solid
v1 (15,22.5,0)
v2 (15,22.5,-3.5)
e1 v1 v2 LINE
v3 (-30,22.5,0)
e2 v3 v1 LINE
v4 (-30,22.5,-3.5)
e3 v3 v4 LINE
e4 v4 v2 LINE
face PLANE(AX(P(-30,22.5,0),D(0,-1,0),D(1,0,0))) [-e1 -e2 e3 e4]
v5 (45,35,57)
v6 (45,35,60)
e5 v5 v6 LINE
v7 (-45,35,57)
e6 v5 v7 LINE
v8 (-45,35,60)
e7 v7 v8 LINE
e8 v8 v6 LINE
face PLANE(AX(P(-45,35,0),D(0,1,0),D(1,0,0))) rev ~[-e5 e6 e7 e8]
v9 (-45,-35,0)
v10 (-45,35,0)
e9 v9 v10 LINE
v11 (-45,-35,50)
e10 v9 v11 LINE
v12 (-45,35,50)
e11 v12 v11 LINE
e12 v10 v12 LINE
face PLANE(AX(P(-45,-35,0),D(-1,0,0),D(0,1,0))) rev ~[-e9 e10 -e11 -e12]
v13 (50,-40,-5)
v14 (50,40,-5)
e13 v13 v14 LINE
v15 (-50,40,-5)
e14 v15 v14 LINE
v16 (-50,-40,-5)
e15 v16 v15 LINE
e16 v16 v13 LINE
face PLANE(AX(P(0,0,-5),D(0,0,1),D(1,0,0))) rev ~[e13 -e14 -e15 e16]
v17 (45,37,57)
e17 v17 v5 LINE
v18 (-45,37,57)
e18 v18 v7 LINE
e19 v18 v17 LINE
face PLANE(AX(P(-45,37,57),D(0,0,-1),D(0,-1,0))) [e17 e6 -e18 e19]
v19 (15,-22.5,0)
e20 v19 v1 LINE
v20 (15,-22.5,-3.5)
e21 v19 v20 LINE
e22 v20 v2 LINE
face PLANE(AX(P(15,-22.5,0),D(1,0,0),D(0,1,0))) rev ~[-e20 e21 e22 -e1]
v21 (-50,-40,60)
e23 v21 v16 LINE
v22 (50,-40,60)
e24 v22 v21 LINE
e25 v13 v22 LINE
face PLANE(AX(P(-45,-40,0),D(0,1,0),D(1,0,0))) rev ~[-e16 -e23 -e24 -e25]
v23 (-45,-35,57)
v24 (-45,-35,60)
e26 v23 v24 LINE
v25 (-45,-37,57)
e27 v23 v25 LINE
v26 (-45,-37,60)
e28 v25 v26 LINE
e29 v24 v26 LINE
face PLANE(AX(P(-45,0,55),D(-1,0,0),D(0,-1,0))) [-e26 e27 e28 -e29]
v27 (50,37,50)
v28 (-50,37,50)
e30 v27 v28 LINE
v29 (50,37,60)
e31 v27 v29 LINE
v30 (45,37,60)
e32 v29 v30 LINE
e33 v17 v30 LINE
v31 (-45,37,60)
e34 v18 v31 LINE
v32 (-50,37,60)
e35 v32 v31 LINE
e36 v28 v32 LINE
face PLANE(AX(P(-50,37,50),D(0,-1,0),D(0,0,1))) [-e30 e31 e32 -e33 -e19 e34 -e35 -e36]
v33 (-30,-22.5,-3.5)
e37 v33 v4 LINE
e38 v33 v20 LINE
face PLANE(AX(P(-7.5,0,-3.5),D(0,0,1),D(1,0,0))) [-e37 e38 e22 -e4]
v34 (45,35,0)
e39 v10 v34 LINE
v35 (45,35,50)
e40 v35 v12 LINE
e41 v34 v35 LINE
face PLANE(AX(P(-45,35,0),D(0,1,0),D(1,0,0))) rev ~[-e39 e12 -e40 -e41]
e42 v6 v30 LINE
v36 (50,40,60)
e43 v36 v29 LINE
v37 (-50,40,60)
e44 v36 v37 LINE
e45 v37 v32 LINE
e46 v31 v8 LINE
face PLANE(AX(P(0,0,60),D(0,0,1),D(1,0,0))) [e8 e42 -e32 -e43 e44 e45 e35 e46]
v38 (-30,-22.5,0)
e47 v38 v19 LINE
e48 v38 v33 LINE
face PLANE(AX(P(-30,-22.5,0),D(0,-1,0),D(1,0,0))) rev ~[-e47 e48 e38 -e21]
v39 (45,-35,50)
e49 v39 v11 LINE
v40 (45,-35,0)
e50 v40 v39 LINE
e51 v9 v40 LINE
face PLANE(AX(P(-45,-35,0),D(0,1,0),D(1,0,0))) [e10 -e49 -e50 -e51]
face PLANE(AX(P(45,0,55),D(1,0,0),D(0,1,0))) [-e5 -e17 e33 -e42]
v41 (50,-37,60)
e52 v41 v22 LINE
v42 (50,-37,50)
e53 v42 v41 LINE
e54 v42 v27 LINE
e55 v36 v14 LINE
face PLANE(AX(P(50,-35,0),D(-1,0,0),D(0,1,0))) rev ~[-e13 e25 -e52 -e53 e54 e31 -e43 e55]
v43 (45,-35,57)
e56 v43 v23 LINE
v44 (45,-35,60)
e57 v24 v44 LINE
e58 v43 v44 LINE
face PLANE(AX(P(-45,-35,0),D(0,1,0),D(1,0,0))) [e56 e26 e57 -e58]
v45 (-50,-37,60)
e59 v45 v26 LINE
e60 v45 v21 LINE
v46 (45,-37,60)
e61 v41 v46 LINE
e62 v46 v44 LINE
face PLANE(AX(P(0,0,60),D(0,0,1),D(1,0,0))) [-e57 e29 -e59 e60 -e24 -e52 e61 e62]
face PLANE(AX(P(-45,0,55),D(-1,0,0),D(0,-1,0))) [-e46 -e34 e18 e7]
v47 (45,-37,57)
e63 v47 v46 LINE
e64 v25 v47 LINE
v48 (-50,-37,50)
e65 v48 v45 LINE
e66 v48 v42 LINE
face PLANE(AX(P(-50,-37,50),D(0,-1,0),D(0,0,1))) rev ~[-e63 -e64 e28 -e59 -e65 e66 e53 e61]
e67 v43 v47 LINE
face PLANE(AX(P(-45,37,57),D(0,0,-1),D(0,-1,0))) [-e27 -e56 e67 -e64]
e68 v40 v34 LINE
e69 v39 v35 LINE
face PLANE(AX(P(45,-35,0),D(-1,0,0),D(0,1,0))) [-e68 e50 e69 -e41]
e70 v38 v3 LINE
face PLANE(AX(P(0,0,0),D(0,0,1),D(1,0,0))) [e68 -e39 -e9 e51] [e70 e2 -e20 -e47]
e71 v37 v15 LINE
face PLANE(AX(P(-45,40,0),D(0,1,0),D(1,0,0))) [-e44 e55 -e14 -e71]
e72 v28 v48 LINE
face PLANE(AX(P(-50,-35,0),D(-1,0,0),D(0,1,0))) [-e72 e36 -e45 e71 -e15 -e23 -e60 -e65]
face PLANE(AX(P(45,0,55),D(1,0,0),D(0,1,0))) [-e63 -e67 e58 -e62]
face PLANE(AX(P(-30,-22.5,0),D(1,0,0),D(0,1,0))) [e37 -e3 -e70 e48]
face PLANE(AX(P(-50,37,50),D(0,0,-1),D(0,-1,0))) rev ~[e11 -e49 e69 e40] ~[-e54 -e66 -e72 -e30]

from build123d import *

# Parameters (mm, degrees)
SKETCH_W        = 90
SKETCH_H        = 70
PAD_DEPTH       = 60
THICKNESS_T     = 5
SKETCH001_W     = 45
SKETCH001_H     = 45
POCKET_DEPTH    = 3.5
POCKET001_DEPTH = 3.5
SKETCH002_W     = 74
SKETCH002_H     = 10
POCKET002_DEPTH = 5
SKETCH003_W     = 74
SKETCH003_H     = 10
POCKET003_DEPTH = 5
SKETCH004_W     = 74
SKETCH004_H     = 7
POCKET004_DEPTH = 90


with BuildPart() as part:
    # Sketch → Pad (new body)
    with BuildSketch(Plane.XY):
        Rectangle(SKETCH_W, SKETCH_H)
    extrude(amount=PAD_DEPTH)

    # Thickness
    thickness_openings = [part.faces().sort_by_distance(p)[0] for p in [
        (0, 0, 60),
    ]]
    offset(amount=THICKNESS_T, openings=thickness_openings, kind=Kind.INTERSECTION)

    # Sketch001 (on Face5 of Thickness) → Pocket (cut)
    with BuildSketch(Plane.XY):
        with Locations((-7.5, 0)):
            Rectangle(SKETCH001_W, SKETCH001_H)
    extrude(amount=-POCKET_DEPTH, mode=Mode.SUBTRACT)

    # Sketch001 (on Face5 of Thickness) → Pocket001 (cut)
    with BuildSketch(Plane.XY):
        with Locations((-7.5, 0)):
            Rectangle(SKETCH001_W, SKETCH001_H)
    extrude(amount=-POCKET001_DEPTH, mode=Mode.SUBTRACT)

    # Sketch002 (on Face12 of Pocket001) → Pocket002 (cut)
    with BuildSketch(Plane(origin=(-50, 0, 0), x_dir=(0, -1, 0), z_dir=(-1, 0, 0))):
        with Locations((0, 55)):
            Rectangle(SKETCH002_W, SKETCH002_H)
    extrude(amount=-POCKET002_DEPTH, mode=Mode.SUBTRACT)

    # Sketch003 (on Face18 of Pocket002) → Pocket003 (cut)
    with BuildSketch(Plane.YZ.offset(50)):
        with Locations((0, 55)):
            Rectangle(SKETCH003_W, SKETCH003_H)
    extrude(amount=-POCKET003_DEPTH, mode=Mode.SUBTRACT)

    # Sketch004 (on Face3 of Pocket003) → Pocket004 (cut)
    with BuildSketch(Plane(origin=(-45, 0, 0), x_dir=(0, -1, 0), z_dir=(-1, 0, 0))):
        with Locations((0, 53.5)):
            Rectangle(SKETCH004_W, SKETCH004_H)
    extrude(amount=-POCKET004_DEPTH, mode=Mode.SUBTRACT)


solid = part.part
